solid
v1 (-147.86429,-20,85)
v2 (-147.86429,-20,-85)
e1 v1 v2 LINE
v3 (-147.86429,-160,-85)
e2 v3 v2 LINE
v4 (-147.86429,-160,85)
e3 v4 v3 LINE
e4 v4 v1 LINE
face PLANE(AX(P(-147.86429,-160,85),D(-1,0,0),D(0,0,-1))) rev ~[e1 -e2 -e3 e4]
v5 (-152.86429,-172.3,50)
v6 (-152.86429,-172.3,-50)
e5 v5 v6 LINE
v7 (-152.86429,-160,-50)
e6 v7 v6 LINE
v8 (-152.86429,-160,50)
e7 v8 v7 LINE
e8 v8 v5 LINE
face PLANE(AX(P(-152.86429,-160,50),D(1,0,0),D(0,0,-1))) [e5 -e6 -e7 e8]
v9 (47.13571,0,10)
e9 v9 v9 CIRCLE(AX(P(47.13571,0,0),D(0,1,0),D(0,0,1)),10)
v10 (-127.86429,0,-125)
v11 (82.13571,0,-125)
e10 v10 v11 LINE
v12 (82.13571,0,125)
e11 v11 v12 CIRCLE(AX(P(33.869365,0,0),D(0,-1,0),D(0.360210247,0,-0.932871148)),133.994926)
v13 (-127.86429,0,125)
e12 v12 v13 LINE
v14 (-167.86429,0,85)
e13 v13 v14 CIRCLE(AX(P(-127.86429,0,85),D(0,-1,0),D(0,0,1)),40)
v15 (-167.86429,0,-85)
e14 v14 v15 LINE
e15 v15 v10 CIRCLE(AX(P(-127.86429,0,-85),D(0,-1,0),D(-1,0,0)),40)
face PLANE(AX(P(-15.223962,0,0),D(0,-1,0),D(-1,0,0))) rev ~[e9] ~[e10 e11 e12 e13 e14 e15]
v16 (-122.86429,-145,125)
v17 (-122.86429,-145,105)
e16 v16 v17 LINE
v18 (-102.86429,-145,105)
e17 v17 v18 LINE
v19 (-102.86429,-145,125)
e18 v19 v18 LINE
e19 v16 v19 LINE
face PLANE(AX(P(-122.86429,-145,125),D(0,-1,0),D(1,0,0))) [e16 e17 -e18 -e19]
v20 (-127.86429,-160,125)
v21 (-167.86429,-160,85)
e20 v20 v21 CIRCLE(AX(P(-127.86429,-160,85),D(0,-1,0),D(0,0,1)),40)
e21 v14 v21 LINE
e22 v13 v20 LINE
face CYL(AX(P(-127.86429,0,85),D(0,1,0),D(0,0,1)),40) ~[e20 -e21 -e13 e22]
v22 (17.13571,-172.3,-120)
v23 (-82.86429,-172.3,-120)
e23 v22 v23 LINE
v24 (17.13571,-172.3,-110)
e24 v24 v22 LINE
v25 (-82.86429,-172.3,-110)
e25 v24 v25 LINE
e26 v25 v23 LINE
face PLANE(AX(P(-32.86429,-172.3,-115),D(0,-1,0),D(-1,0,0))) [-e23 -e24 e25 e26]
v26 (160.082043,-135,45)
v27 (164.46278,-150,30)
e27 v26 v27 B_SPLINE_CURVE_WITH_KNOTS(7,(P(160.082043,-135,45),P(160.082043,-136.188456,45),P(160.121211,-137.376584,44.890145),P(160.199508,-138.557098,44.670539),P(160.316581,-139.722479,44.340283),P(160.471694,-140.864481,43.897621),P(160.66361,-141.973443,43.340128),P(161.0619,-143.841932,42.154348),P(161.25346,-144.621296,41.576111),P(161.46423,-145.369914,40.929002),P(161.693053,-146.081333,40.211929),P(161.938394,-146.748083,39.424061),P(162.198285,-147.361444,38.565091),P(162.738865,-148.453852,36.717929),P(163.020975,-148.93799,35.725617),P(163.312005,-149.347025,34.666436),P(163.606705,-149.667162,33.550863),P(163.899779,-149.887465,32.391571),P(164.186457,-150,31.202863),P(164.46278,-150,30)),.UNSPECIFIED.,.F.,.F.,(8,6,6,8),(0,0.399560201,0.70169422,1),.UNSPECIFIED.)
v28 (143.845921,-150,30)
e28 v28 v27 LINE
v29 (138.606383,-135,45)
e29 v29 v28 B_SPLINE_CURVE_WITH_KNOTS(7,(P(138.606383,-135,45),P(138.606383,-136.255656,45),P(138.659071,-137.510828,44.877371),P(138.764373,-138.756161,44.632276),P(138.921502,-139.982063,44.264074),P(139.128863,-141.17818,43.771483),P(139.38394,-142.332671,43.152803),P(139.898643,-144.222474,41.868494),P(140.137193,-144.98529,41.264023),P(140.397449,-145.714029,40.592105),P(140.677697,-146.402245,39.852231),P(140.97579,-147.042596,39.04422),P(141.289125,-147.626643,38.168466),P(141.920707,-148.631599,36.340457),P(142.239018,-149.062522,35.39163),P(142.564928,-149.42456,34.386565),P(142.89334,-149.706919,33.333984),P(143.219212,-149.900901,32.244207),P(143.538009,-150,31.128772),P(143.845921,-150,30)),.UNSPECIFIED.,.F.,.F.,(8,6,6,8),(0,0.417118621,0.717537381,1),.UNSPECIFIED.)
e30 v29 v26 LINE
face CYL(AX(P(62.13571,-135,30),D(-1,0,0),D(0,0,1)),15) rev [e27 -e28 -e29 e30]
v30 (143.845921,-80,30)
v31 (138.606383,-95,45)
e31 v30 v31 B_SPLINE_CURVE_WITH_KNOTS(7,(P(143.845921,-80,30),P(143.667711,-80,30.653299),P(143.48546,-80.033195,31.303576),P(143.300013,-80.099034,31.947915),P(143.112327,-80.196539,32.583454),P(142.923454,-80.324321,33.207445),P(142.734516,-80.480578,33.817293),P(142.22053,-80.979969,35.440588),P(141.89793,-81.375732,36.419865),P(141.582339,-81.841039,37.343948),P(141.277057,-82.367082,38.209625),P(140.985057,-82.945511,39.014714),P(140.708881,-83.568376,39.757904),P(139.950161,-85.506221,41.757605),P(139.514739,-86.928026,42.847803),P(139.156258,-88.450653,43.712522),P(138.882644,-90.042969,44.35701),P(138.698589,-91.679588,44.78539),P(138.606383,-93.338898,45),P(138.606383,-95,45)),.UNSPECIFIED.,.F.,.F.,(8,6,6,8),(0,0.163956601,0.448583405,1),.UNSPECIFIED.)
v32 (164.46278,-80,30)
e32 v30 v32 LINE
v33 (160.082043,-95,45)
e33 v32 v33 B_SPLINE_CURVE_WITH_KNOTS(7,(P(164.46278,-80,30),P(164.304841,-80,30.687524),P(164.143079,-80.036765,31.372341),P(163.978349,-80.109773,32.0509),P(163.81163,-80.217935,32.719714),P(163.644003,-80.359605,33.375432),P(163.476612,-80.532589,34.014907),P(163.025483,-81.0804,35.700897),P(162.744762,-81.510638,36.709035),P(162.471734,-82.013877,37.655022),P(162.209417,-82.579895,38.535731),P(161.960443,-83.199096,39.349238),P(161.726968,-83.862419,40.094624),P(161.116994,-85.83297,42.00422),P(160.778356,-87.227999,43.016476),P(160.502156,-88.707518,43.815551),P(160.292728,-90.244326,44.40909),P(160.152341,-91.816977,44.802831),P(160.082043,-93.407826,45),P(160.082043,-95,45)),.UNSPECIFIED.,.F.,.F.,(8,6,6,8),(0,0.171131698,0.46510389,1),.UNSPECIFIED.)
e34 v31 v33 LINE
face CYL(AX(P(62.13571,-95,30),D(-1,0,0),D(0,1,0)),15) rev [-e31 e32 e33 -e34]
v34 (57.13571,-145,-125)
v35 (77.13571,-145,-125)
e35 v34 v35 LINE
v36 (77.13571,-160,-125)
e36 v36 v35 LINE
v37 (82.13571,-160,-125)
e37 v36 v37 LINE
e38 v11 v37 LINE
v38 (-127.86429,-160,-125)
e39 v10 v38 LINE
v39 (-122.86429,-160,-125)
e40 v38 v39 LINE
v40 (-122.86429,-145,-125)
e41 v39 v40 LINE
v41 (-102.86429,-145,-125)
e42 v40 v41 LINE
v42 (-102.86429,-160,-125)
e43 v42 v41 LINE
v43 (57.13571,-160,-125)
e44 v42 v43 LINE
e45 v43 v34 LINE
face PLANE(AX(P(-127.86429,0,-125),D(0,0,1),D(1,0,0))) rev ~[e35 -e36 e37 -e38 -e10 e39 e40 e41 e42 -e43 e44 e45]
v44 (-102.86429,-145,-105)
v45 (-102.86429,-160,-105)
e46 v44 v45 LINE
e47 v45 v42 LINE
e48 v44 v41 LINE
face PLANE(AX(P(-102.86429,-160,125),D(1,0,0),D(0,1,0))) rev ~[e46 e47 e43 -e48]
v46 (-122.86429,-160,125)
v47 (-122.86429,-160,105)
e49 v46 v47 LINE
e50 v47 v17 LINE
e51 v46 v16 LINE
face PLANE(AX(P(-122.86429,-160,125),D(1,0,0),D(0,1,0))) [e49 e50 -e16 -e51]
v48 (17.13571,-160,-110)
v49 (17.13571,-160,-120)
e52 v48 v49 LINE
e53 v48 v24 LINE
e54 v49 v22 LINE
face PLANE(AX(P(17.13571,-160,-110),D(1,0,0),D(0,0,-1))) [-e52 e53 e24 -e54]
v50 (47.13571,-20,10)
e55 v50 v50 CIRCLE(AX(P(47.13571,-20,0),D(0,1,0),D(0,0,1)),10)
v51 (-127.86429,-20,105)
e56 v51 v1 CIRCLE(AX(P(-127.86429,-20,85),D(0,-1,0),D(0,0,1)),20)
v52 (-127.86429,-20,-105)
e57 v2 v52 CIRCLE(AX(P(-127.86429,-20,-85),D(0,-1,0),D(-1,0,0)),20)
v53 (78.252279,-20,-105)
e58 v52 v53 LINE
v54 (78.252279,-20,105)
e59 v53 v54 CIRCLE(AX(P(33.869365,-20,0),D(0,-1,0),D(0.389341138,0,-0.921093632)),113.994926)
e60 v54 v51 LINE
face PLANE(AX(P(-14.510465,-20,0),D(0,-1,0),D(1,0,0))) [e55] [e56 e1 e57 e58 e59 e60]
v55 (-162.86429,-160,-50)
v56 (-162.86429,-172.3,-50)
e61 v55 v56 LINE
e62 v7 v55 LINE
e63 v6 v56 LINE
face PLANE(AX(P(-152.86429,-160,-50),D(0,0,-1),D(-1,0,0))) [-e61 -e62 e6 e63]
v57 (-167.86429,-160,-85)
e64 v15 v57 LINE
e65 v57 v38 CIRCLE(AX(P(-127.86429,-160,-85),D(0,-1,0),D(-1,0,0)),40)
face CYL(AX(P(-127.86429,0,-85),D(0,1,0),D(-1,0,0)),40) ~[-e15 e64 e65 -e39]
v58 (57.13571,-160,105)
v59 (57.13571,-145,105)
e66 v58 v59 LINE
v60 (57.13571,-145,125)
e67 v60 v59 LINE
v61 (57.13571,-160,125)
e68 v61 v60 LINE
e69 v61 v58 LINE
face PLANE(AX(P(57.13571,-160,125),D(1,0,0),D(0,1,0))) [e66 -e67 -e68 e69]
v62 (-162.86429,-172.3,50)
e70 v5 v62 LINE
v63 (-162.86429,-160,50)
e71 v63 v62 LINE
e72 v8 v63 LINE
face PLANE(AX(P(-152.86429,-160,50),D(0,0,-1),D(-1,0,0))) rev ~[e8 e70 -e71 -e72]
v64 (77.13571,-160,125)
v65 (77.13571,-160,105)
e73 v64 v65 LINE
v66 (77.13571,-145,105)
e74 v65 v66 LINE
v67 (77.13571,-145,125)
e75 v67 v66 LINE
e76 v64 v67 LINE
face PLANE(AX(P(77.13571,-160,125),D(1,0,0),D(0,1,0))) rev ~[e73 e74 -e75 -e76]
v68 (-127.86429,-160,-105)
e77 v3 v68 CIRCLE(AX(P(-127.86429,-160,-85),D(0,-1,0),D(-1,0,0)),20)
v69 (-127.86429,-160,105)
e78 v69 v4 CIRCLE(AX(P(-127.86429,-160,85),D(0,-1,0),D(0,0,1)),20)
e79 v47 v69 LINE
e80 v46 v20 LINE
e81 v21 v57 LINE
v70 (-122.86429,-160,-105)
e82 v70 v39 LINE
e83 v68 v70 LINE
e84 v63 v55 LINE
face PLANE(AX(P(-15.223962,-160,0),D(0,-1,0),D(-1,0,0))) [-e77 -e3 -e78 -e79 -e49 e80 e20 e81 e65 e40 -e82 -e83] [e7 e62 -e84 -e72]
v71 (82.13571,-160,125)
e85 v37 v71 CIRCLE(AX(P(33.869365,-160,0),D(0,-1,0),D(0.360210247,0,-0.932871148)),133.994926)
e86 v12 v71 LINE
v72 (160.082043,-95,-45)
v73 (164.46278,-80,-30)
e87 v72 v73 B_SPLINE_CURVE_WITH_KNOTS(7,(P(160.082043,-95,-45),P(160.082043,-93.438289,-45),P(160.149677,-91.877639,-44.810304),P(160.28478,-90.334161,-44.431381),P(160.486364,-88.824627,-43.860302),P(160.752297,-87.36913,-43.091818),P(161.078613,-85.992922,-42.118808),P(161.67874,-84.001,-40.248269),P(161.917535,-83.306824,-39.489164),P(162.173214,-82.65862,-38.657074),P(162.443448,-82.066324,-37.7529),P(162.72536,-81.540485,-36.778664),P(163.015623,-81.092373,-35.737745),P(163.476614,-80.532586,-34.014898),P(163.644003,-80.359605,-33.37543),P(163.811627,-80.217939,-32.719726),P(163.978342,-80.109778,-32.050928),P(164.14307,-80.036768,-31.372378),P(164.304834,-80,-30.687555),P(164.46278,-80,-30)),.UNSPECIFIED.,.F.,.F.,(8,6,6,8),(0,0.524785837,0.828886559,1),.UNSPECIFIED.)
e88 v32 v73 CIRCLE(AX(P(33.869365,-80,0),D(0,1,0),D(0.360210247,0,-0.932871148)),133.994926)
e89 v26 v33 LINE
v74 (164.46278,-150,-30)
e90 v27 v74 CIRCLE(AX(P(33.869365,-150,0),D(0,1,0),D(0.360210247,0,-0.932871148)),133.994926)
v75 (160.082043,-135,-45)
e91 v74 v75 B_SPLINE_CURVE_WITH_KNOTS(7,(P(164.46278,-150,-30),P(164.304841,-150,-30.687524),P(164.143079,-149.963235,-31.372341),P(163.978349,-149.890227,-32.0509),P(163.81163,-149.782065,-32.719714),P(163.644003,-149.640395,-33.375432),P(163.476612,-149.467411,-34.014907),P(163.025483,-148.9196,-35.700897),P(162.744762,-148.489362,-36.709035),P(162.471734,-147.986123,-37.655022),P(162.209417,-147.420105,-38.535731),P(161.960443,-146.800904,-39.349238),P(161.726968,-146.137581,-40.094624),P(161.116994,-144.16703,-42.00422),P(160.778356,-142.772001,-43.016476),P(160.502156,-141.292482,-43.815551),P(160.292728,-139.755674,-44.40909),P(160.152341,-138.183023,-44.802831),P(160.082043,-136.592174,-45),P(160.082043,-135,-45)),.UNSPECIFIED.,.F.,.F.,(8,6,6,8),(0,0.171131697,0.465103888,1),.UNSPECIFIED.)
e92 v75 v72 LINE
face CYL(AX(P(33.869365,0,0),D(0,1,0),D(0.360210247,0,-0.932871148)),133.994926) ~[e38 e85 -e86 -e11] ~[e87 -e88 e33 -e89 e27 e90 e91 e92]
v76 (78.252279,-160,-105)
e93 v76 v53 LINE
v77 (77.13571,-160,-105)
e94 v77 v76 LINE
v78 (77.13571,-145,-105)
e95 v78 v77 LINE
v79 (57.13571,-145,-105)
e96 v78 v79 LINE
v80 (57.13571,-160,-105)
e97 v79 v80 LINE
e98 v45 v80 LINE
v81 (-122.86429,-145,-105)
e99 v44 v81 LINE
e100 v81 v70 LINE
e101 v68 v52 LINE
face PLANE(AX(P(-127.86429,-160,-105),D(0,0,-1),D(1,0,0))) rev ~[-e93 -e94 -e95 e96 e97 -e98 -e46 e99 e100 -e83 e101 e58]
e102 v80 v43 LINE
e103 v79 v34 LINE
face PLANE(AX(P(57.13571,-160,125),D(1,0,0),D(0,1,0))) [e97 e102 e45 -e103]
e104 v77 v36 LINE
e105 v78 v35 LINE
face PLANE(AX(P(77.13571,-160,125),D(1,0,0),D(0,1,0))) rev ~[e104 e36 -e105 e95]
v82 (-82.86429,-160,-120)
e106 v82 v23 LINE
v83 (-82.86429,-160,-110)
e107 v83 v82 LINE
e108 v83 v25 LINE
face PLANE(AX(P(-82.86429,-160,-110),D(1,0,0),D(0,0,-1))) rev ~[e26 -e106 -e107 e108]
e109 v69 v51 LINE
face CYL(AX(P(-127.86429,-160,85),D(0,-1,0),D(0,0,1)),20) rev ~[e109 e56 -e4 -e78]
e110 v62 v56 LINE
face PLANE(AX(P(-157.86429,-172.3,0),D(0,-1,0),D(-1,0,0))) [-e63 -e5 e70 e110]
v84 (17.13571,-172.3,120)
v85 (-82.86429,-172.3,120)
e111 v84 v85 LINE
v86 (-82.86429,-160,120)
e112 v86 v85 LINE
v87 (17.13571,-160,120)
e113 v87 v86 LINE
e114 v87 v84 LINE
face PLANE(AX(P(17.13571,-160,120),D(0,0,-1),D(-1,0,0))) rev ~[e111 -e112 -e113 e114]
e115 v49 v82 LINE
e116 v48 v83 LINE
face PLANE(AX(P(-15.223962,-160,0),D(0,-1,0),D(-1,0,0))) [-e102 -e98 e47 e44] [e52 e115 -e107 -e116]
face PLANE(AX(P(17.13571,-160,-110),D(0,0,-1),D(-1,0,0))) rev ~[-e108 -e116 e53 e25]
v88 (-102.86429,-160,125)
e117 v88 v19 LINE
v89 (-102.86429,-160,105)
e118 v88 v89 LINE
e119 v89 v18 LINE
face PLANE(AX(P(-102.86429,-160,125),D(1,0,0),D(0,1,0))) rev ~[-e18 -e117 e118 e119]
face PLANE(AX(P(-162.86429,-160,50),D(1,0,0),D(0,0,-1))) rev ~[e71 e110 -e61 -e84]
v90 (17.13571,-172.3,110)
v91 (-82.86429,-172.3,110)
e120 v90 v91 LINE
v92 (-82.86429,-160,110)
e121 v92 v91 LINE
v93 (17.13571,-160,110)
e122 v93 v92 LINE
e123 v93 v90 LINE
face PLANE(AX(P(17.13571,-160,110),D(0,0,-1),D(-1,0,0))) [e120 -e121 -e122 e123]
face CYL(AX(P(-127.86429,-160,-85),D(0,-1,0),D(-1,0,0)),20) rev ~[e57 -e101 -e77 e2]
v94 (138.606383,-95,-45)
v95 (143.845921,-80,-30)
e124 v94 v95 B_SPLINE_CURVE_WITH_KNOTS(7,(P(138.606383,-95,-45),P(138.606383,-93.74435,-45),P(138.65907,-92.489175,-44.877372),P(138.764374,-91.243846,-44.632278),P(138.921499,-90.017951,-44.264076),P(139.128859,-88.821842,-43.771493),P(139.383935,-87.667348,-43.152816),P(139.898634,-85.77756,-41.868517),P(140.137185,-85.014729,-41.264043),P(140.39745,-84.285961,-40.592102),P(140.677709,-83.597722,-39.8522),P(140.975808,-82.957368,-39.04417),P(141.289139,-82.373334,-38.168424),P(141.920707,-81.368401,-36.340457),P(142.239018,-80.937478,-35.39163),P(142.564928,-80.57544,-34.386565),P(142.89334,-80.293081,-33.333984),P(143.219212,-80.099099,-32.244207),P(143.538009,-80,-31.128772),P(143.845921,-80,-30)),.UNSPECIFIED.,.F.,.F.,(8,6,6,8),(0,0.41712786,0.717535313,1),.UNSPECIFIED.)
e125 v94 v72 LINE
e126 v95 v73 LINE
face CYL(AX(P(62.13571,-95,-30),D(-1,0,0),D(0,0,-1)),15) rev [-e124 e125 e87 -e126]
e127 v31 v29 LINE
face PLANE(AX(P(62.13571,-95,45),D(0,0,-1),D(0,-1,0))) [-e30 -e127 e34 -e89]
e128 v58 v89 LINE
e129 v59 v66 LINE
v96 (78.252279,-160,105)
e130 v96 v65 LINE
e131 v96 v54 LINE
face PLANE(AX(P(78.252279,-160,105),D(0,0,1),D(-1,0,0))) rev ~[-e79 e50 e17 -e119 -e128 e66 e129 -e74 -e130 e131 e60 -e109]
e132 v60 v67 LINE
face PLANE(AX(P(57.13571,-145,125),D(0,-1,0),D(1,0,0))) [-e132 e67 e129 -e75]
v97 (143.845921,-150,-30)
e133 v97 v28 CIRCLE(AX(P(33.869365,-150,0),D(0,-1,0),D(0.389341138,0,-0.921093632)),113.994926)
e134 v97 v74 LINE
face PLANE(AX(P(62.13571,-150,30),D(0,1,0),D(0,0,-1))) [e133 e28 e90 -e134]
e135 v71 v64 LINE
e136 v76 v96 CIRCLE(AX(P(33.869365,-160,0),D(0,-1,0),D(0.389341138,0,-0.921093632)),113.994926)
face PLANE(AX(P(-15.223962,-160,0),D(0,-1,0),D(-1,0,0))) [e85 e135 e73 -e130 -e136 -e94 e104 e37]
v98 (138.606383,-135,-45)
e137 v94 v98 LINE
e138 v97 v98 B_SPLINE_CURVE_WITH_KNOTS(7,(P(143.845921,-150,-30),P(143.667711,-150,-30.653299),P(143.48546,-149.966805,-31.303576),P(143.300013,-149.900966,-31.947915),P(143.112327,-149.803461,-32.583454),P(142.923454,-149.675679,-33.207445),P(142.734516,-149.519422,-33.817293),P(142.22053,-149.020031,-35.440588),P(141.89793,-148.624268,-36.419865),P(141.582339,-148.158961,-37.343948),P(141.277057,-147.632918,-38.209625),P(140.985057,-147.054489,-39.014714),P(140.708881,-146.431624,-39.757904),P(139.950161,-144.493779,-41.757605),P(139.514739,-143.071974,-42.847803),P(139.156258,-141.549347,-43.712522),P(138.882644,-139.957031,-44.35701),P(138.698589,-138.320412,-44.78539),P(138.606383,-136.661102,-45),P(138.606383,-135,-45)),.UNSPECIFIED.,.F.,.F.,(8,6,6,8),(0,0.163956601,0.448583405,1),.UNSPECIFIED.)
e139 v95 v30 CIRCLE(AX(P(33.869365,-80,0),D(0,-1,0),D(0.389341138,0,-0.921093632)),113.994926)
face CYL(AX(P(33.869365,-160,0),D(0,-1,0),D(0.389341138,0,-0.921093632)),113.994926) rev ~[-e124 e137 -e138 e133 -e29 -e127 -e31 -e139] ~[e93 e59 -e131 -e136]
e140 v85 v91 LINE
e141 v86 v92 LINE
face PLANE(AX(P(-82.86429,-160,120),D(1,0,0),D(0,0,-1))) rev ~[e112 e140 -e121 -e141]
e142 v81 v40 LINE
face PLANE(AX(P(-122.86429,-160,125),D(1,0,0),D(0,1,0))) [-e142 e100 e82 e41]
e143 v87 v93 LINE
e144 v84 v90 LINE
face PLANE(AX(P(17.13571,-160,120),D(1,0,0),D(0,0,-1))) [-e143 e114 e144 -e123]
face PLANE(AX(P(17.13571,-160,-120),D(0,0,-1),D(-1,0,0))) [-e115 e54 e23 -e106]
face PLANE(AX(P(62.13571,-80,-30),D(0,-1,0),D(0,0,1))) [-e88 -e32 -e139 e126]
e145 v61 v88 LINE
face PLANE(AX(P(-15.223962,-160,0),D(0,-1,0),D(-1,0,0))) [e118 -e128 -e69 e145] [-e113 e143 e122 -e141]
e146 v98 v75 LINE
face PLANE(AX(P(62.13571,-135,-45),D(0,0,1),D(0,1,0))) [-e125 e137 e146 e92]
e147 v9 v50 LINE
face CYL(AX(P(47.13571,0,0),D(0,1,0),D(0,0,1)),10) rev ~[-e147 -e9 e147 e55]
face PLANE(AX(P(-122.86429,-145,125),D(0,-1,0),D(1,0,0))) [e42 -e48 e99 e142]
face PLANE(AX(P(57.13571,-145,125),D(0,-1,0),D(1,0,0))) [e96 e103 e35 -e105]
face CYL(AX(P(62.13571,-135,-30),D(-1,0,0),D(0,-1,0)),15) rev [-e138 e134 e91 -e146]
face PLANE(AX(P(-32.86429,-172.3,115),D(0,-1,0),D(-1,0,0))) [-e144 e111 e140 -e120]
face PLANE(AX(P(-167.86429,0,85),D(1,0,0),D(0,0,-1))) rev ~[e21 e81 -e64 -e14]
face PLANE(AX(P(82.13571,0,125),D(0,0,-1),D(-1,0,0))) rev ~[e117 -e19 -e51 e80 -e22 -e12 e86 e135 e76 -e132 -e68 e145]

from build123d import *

# Parameters (mm, degrees)
Y_KSEKLIK_EKSTR_ZYON1_DEPTH = 160
KES_EKSTR_ZYON1_DEPTH       = 140
IZIM3_W                     = 10
IZIM3_H                     = 100
IZIM3_W_2                   = 100
IZIM3_H_2                   = 10
Y_KSEKLIK_EKSTR_ZYON2_DEPTH = 12.3
IZIM4_R                     = 10
KES_EKSTR_ZYON2_DEPTH       = 641.3
KES_EKSTR_ZYON3_DEPTH       = 641.3
IZIM7_W                     = 20
IZIM7_H                     = 15
KES_EKSTR_ZYON4_DEPTH       = 641.3


with BuildPart() as part:
    # Çizim1 → Yükseklik-Ekstrüzyon1 (new body)
    with BuildSketch(Plane(origin=(0, 0, 0), x_dir=(1, 0, 0), z_dir=(0, 1, 0))):
        with BuildLine():
            Line((-127.864290172, 125), (82.135709828, 125))
            ThreePointArc((82.135709828, 125), (167.864290172, 0), (82.135709828, -125))
            Line((82.135709828, -125), (-127.864290172, -125))
            ThreePointArc((-127.864290172, -125), (-156.14856142, -113.284271247), (-167.864290172, -85))
            Line((-167.864290172, -85), (-167.864290172, 85))
            ThreePointArc((-167.864290172, 85), (-156.14856142, 113.284271247), (-127.864290172, 125))
        make_face()
    extrude(amount=-Y_KSEKLIK_EKSTR_ZYON1_DEPTH)

    # Çizim2 → Kes-Ekstrüzyon1 (cut)
    with BuildSketch(Plane.XZ.offset(160)):
        with BuildLine():
            Line((-127.864290172, -105), (78.252278635, -105))
            ThreePointArc((78.252278635, -105), (147.864290172, 0), (78.252278635, 105))
            Line((78.252278635, 105), (-127.864290172, 105))
            ThreePointArc((-127.864290172, 105), (-142.006425796, 99.142135624), (-147.864290172, 85))
            Line((-147.864290172, 85), (-147.864290172, -85))
            ThreePointArc((-147.864290172, -85), (-142.006425796, -99.142135624), (-127.864290172, -105))
        make_face()
    extrude(amount=-KES_EKSTR_ZYON1_DEPTH, mode=Mode.SUBTRACT)

    # Çizim3 → Yükseklik-Ekstrüzyon2 (add)
    with BuildSketch(Plane(origin=(0, -160, 0), x_dir=(-1, 0, 0), z_dir=(0, -1, 0))):
        with Locations((157.864290172, 0)):
            Rectangle(IZIM3_W, IZIM3_H)
        with Locations((32.864290172, 115)):
            Rectangle(IZIM3_W_2, IZIM3_H_2)
        with Locations((32.864290172, -115)):
            Rectangle(IZIM3_W_2, IZIM3_H_2)
    extrude(amount=Y_KSEKLIK_EKSTR_ZYON2_DEPTH)

    # Çizim4 → Kes-Ekstrüzyon2 (cut)
    with BuildSketch(Plane(origin=(0, 0, 0), x_dir=(1, 0, 0), z_dir=(0, 1, 0))):
        with Locations(Location((47.135709828, 0, 0), (0, 0, 270))):
            Circle(IZIM4_R)
    extrude(amount=-KES_EKSTR_ZYON2_DEPTH, mode=Mode.SUBTRACT)

    # Çizim6 → Kes-Ekstrüzyon3 (cut)
    with BuildSketch(Plane.ZY.offset(-62.135709828)):
        with BuildLine():
            Line((-30, -80), (30, -80))
            ThreePointArc((30, -80), (40.606601718, -84.393398282), (45, -95))
            Line((45, -95), (45, -135))
            ThreePointArc((45, -135), (40.606601718, -145.606601718), (30, -150))
            Line((30, -150), (-30, -150))
            ThreePointArc((-30, -150), (-40.606601718, -145.606601718), (-45, -135))
            Line((-45, -135), (-45, -95))
            ThreePointArc((-45, -95), (-40.606601718, -84.393398282), (-30, -80))
        make_face()
    extrude(amount=-KES_EKSTR_ZYON3_DEPTH, mode=Mode.SUBTRACT)

    # Çizim7 → Kes-Ekstrüzyon4 (cut)
    with BuildSketch(Plane.XY.offset(125)):
        with Locations((-112.864290172, -152.5)):
            Rectangle(IZIM7_W, IZIM7_H)
        with Locations((67.135709828, -152.5)):
            Rectangle(IZIM7_W, IZIM7_H)
    extrude(amount=-KES_EKSTR_ZYON4_DEPTH, mode=Mode.SUBTRACT)


solid = part.part
